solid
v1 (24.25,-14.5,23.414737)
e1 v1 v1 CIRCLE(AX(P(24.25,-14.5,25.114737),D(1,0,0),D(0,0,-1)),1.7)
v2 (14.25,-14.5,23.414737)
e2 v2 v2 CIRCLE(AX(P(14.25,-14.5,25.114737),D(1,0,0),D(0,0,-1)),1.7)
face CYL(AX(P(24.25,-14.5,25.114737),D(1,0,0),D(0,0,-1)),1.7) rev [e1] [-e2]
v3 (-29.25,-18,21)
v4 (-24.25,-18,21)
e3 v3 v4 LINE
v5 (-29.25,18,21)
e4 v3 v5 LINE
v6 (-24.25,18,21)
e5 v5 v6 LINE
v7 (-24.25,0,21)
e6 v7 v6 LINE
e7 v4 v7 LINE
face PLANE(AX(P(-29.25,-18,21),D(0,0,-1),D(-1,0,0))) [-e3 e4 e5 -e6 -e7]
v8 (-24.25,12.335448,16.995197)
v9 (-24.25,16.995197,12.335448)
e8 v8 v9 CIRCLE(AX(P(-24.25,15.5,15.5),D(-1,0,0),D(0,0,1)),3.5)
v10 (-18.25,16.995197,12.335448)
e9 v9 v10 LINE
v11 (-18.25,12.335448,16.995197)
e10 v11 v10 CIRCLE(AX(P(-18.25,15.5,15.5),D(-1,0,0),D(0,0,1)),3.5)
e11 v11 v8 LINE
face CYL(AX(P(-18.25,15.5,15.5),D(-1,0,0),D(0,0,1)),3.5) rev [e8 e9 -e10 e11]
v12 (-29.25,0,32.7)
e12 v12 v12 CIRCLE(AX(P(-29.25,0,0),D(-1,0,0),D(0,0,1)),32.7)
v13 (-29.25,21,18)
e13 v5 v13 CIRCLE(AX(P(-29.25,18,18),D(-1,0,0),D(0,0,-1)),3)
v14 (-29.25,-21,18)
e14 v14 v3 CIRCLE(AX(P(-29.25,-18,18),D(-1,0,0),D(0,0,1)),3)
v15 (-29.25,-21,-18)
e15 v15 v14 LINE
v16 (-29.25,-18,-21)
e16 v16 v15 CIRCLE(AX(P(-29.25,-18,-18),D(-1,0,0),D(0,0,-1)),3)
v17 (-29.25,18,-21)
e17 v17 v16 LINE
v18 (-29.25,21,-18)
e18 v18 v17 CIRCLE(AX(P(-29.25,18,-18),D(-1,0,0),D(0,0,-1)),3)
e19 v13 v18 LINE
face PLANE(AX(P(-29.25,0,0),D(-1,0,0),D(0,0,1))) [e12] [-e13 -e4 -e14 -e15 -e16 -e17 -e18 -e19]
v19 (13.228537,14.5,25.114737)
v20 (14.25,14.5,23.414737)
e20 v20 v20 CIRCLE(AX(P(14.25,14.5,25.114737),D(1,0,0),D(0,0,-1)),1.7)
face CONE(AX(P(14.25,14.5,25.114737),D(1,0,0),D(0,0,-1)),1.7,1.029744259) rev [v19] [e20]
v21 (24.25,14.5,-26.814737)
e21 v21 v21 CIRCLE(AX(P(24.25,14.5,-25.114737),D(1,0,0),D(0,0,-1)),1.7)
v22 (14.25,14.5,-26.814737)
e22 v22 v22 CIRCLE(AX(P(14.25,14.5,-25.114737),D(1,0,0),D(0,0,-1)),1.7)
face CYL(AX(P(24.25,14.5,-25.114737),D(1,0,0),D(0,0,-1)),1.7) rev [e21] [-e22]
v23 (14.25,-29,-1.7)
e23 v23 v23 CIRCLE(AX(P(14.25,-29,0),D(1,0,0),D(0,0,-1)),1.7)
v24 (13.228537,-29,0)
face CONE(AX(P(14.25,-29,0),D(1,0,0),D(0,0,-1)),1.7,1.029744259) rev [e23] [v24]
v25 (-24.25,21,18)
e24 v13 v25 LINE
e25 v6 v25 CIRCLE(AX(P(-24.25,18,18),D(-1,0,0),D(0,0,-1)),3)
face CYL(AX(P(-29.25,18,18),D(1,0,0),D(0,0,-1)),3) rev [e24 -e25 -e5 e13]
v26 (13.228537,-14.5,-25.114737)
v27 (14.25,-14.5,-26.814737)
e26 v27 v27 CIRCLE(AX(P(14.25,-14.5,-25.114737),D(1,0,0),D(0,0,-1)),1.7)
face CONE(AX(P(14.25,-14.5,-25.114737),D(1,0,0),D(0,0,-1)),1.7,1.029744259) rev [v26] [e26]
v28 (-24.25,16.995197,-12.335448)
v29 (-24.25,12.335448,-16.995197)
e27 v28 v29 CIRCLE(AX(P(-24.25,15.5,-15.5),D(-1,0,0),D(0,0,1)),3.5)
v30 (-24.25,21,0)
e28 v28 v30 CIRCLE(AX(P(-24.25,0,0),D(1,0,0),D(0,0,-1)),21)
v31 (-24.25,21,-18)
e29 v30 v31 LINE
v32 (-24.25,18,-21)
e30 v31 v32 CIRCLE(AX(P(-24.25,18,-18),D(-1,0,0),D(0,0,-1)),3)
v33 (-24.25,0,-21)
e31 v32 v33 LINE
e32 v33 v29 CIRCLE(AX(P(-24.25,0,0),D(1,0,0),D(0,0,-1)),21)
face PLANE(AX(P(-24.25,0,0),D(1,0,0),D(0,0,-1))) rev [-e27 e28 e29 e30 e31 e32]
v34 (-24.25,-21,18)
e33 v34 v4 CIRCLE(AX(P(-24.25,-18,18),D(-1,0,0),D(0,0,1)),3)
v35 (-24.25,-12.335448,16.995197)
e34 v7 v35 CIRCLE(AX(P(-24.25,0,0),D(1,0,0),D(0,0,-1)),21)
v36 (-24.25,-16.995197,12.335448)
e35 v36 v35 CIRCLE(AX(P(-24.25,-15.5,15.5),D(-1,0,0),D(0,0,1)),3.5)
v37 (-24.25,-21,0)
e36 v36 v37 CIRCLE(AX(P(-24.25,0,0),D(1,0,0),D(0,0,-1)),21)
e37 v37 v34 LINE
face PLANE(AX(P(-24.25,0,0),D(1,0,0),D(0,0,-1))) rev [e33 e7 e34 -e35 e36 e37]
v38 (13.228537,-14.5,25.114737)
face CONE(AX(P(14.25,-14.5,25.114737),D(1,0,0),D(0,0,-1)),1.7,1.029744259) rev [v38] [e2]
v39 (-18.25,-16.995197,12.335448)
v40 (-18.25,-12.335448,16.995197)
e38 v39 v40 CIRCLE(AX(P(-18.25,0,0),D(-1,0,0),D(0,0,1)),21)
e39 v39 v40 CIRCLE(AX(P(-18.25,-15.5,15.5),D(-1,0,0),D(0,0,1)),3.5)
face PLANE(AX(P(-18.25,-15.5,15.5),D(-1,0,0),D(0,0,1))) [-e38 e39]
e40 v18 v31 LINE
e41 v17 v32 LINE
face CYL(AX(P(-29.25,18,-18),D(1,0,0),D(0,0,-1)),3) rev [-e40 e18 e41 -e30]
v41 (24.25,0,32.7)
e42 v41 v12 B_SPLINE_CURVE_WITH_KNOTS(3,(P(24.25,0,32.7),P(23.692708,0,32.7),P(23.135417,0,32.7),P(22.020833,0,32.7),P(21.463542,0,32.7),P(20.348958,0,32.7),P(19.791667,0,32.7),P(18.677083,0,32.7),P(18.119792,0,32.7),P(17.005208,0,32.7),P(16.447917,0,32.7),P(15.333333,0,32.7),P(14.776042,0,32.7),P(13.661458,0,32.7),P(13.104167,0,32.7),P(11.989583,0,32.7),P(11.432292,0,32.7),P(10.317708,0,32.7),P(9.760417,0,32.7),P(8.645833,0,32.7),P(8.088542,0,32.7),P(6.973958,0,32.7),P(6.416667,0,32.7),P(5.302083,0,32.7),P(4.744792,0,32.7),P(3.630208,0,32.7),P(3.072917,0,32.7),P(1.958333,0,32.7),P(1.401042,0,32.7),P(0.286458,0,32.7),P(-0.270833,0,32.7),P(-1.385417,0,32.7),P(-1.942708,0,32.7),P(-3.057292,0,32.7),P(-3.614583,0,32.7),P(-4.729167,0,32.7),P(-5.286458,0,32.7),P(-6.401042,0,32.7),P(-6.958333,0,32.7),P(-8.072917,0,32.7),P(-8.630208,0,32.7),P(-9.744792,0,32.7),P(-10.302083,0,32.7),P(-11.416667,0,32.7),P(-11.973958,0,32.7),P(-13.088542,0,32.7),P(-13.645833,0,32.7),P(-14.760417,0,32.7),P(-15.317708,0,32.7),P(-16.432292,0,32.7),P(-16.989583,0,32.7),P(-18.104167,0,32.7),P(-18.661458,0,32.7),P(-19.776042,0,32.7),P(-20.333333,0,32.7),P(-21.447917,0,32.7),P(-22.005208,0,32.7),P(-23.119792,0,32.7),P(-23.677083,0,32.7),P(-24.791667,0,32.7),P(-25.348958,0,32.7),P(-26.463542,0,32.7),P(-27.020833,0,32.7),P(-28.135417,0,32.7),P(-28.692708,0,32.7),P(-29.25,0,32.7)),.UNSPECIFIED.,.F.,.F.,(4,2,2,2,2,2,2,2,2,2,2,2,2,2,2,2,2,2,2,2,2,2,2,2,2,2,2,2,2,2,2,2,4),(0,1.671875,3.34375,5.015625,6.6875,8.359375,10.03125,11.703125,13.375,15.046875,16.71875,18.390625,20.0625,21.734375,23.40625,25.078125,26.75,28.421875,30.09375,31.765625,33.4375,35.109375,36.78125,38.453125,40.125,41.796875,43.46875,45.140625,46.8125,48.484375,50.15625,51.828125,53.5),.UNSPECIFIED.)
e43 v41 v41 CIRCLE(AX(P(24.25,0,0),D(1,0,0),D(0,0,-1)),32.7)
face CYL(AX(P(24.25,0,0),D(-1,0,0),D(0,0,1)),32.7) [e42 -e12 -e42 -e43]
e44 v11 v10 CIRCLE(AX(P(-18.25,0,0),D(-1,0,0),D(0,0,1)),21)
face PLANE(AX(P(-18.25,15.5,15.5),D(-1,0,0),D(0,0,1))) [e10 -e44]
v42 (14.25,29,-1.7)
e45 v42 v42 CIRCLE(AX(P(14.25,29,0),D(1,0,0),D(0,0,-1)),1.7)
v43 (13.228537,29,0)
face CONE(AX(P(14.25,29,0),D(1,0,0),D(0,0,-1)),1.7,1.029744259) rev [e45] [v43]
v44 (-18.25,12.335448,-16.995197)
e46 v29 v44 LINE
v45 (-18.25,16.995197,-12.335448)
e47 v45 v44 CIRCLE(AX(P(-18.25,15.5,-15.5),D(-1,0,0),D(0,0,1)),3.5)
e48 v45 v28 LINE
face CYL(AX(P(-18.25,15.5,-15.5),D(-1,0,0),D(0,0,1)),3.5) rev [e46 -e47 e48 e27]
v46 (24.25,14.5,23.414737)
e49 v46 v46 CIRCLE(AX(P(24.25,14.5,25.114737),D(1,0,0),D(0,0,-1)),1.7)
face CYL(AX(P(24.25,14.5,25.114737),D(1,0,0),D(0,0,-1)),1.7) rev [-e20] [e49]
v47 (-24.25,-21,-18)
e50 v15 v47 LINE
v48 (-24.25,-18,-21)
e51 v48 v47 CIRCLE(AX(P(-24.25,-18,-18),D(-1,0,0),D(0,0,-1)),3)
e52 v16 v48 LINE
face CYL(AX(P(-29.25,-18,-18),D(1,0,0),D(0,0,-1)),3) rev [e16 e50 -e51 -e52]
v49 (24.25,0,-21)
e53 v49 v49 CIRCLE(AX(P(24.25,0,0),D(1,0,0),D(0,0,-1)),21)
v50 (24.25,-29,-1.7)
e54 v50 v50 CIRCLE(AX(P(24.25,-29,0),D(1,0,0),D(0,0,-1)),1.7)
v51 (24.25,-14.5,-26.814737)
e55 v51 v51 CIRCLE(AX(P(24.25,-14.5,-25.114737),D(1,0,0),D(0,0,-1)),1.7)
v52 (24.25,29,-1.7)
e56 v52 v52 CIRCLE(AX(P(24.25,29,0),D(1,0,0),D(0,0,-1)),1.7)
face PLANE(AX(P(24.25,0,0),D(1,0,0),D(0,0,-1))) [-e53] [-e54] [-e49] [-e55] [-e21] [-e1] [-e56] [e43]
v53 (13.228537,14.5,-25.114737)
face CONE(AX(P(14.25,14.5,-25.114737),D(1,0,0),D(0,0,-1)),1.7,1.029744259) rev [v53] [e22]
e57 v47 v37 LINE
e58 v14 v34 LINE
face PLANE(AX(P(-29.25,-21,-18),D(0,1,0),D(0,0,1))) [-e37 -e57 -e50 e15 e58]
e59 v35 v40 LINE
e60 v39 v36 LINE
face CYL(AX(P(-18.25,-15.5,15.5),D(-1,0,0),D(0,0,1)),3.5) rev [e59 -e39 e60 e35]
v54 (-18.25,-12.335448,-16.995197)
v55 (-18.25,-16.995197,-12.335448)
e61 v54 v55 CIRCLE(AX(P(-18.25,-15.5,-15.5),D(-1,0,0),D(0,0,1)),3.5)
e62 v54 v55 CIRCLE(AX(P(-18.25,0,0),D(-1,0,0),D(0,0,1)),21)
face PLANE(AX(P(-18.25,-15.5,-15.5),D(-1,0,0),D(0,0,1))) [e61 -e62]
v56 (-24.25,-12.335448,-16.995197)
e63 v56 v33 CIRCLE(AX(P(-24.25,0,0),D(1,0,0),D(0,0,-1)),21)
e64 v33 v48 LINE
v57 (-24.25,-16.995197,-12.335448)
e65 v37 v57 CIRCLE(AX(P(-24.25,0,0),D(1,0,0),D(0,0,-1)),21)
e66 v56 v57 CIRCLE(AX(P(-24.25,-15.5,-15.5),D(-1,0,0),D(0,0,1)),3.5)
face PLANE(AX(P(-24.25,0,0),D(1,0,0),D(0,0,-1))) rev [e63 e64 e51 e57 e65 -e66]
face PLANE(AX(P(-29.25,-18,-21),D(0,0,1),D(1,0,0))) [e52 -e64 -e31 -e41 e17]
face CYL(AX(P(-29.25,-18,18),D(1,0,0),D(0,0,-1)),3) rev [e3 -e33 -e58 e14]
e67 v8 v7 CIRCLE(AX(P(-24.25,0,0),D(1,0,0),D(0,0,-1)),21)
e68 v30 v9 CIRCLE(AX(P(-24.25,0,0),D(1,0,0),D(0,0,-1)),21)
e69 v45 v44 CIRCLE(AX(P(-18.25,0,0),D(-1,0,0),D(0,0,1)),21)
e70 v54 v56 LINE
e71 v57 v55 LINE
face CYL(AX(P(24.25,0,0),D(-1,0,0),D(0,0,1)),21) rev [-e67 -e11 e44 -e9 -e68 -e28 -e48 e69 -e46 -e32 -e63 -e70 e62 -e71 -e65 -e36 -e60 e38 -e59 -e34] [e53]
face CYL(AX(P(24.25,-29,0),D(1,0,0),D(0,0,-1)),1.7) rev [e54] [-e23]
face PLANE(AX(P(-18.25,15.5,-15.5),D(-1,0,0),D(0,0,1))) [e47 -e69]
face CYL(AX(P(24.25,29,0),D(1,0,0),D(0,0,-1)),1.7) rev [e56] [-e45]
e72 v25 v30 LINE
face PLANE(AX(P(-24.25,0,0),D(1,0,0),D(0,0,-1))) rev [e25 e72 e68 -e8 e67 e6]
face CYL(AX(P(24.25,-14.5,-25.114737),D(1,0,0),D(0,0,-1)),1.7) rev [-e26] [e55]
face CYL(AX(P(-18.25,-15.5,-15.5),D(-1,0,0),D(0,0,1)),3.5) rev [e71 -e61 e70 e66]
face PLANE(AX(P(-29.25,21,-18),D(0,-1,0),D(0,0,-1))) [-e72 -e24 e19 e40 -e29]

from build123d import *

# Parameters (mm, degrees)
CROQUIS1_R                       = 32.7
CROQUIS1_R_2                     = 21
SALIENTE_EXTRUIR1_DEPTH          = 24.25
CROQUIS3_R                       = 32.7
SALIENTE_EXTRUIR3_DEPTH          = 5
CROQUIS4_R                       = 3.5
CORTAR_EXTRUIR1_DEPTH            = 6
TALADRO_DE_MARGEN_PARA_M31_D     = 3.4
TALADRO_DE_MARGEN_PARA_M31_DEPTH = 10
TALADRO_DE_MARGEN_PARA_M31_TIP   = 1.021463052


with BuildPart() as part:
    # Croquis1 → Saliente-Extruir1 (new, symmetric)
    with BuildSketch(Plane(origin=(0, 0, 0), x_dir=(0, 0, -1), z_dir=(1, 0, 0))):
        with Locations(Location((0, 0, 0), (0, 0, 180))):
            Circle(CROQUIS1_R)
        with Locations(Location((0, 0, 0), (0, 0, 180))):
            Circle(CROQUIS1_R_2, mode=Mode.SUBTRACT)
    extrude(amount=SALIENTE_EXTRUIR1_DEPTH, both=True)

    # Croquis3 → Saliente-Extruir3 (add)
    with BuildSketch(Plane.ZY.offset(24.25)):
        Circle(CROQUIS3_R)
        with BuildLine():
            Line((-18, -21), (18, -21))
            ThreePointArc((18, -21), (20.121320344, -20.121320344), (21, -18))
            Line((21, -18), (21, 18))
            ThreePointArc((21, 18), (20.121320344, 20.121320344), (18, 21))
            Line((18, 21), (-18, 21))
            ThreePointArc((-18, 21), (-20.121320344, 20.121320344), (-21, 18))
            Line((-21, 18), (-21, -18))
            ThreePointArc((-21, -18), (-20.121320344, -20.121320344), (-18, -21))
        make_face(mode=Mode.SUBTRACT)
    extrude(amount=SALIENTE_EXTRUIR3_DEPTH)

    # Croquis4 → Cortar-Extruir1 (cut)
    with BuildSketch(Plane.ZY.offset(24.25)):
        with Locations((15.5, 15.5)):
            Circle(CROQUIS4_R)
        with Locations((-15.5, 15.5)):
            Circle(CROQUIS4_R)
        with Locations((-15.5, -15.5)):
            Circle(CROQUIS4_R)
        with Locations((15.5, -15.5)):
            Circle(CROQUIS4_R)
    extrude(amount=-CORTAR_EXTRUIR1_DEPTH, mode=Mode.SUBTRACT)

    # Taladro de margen para M31
    with Locations(Plane(origin=(24.25, 0, 0), x_dir=(0, 0, -1), z_dir=(1, 0, 0))):
        with Locations((0, 29), (25.11473671, 14.5), (25.11473671, -14.5), (0, -29), (-25.11473671, -14.5), (-25.11473671, 14.5)):
            Hole(TALADRO_DE_MARGEN_PARA_M31_D / 2, depth=TALADRO_DE_MARGEN_PARA_M31_DEPTH)
            with Locations((0, 0, -(TALADRO_DE_MARGEN_PARA_M31_DEPTH + TALADRO_DE_MARGEN_PARA_M31_TIP / 2))):  # 118° drill point
                Cone(0, TALADRO_DE_MARGEN_PARA_M31_D / 2, TALADRO_DE_MARGEN_PARA_M31_TIP, mode=Mode.SUBTRACT)


solid = part.part
